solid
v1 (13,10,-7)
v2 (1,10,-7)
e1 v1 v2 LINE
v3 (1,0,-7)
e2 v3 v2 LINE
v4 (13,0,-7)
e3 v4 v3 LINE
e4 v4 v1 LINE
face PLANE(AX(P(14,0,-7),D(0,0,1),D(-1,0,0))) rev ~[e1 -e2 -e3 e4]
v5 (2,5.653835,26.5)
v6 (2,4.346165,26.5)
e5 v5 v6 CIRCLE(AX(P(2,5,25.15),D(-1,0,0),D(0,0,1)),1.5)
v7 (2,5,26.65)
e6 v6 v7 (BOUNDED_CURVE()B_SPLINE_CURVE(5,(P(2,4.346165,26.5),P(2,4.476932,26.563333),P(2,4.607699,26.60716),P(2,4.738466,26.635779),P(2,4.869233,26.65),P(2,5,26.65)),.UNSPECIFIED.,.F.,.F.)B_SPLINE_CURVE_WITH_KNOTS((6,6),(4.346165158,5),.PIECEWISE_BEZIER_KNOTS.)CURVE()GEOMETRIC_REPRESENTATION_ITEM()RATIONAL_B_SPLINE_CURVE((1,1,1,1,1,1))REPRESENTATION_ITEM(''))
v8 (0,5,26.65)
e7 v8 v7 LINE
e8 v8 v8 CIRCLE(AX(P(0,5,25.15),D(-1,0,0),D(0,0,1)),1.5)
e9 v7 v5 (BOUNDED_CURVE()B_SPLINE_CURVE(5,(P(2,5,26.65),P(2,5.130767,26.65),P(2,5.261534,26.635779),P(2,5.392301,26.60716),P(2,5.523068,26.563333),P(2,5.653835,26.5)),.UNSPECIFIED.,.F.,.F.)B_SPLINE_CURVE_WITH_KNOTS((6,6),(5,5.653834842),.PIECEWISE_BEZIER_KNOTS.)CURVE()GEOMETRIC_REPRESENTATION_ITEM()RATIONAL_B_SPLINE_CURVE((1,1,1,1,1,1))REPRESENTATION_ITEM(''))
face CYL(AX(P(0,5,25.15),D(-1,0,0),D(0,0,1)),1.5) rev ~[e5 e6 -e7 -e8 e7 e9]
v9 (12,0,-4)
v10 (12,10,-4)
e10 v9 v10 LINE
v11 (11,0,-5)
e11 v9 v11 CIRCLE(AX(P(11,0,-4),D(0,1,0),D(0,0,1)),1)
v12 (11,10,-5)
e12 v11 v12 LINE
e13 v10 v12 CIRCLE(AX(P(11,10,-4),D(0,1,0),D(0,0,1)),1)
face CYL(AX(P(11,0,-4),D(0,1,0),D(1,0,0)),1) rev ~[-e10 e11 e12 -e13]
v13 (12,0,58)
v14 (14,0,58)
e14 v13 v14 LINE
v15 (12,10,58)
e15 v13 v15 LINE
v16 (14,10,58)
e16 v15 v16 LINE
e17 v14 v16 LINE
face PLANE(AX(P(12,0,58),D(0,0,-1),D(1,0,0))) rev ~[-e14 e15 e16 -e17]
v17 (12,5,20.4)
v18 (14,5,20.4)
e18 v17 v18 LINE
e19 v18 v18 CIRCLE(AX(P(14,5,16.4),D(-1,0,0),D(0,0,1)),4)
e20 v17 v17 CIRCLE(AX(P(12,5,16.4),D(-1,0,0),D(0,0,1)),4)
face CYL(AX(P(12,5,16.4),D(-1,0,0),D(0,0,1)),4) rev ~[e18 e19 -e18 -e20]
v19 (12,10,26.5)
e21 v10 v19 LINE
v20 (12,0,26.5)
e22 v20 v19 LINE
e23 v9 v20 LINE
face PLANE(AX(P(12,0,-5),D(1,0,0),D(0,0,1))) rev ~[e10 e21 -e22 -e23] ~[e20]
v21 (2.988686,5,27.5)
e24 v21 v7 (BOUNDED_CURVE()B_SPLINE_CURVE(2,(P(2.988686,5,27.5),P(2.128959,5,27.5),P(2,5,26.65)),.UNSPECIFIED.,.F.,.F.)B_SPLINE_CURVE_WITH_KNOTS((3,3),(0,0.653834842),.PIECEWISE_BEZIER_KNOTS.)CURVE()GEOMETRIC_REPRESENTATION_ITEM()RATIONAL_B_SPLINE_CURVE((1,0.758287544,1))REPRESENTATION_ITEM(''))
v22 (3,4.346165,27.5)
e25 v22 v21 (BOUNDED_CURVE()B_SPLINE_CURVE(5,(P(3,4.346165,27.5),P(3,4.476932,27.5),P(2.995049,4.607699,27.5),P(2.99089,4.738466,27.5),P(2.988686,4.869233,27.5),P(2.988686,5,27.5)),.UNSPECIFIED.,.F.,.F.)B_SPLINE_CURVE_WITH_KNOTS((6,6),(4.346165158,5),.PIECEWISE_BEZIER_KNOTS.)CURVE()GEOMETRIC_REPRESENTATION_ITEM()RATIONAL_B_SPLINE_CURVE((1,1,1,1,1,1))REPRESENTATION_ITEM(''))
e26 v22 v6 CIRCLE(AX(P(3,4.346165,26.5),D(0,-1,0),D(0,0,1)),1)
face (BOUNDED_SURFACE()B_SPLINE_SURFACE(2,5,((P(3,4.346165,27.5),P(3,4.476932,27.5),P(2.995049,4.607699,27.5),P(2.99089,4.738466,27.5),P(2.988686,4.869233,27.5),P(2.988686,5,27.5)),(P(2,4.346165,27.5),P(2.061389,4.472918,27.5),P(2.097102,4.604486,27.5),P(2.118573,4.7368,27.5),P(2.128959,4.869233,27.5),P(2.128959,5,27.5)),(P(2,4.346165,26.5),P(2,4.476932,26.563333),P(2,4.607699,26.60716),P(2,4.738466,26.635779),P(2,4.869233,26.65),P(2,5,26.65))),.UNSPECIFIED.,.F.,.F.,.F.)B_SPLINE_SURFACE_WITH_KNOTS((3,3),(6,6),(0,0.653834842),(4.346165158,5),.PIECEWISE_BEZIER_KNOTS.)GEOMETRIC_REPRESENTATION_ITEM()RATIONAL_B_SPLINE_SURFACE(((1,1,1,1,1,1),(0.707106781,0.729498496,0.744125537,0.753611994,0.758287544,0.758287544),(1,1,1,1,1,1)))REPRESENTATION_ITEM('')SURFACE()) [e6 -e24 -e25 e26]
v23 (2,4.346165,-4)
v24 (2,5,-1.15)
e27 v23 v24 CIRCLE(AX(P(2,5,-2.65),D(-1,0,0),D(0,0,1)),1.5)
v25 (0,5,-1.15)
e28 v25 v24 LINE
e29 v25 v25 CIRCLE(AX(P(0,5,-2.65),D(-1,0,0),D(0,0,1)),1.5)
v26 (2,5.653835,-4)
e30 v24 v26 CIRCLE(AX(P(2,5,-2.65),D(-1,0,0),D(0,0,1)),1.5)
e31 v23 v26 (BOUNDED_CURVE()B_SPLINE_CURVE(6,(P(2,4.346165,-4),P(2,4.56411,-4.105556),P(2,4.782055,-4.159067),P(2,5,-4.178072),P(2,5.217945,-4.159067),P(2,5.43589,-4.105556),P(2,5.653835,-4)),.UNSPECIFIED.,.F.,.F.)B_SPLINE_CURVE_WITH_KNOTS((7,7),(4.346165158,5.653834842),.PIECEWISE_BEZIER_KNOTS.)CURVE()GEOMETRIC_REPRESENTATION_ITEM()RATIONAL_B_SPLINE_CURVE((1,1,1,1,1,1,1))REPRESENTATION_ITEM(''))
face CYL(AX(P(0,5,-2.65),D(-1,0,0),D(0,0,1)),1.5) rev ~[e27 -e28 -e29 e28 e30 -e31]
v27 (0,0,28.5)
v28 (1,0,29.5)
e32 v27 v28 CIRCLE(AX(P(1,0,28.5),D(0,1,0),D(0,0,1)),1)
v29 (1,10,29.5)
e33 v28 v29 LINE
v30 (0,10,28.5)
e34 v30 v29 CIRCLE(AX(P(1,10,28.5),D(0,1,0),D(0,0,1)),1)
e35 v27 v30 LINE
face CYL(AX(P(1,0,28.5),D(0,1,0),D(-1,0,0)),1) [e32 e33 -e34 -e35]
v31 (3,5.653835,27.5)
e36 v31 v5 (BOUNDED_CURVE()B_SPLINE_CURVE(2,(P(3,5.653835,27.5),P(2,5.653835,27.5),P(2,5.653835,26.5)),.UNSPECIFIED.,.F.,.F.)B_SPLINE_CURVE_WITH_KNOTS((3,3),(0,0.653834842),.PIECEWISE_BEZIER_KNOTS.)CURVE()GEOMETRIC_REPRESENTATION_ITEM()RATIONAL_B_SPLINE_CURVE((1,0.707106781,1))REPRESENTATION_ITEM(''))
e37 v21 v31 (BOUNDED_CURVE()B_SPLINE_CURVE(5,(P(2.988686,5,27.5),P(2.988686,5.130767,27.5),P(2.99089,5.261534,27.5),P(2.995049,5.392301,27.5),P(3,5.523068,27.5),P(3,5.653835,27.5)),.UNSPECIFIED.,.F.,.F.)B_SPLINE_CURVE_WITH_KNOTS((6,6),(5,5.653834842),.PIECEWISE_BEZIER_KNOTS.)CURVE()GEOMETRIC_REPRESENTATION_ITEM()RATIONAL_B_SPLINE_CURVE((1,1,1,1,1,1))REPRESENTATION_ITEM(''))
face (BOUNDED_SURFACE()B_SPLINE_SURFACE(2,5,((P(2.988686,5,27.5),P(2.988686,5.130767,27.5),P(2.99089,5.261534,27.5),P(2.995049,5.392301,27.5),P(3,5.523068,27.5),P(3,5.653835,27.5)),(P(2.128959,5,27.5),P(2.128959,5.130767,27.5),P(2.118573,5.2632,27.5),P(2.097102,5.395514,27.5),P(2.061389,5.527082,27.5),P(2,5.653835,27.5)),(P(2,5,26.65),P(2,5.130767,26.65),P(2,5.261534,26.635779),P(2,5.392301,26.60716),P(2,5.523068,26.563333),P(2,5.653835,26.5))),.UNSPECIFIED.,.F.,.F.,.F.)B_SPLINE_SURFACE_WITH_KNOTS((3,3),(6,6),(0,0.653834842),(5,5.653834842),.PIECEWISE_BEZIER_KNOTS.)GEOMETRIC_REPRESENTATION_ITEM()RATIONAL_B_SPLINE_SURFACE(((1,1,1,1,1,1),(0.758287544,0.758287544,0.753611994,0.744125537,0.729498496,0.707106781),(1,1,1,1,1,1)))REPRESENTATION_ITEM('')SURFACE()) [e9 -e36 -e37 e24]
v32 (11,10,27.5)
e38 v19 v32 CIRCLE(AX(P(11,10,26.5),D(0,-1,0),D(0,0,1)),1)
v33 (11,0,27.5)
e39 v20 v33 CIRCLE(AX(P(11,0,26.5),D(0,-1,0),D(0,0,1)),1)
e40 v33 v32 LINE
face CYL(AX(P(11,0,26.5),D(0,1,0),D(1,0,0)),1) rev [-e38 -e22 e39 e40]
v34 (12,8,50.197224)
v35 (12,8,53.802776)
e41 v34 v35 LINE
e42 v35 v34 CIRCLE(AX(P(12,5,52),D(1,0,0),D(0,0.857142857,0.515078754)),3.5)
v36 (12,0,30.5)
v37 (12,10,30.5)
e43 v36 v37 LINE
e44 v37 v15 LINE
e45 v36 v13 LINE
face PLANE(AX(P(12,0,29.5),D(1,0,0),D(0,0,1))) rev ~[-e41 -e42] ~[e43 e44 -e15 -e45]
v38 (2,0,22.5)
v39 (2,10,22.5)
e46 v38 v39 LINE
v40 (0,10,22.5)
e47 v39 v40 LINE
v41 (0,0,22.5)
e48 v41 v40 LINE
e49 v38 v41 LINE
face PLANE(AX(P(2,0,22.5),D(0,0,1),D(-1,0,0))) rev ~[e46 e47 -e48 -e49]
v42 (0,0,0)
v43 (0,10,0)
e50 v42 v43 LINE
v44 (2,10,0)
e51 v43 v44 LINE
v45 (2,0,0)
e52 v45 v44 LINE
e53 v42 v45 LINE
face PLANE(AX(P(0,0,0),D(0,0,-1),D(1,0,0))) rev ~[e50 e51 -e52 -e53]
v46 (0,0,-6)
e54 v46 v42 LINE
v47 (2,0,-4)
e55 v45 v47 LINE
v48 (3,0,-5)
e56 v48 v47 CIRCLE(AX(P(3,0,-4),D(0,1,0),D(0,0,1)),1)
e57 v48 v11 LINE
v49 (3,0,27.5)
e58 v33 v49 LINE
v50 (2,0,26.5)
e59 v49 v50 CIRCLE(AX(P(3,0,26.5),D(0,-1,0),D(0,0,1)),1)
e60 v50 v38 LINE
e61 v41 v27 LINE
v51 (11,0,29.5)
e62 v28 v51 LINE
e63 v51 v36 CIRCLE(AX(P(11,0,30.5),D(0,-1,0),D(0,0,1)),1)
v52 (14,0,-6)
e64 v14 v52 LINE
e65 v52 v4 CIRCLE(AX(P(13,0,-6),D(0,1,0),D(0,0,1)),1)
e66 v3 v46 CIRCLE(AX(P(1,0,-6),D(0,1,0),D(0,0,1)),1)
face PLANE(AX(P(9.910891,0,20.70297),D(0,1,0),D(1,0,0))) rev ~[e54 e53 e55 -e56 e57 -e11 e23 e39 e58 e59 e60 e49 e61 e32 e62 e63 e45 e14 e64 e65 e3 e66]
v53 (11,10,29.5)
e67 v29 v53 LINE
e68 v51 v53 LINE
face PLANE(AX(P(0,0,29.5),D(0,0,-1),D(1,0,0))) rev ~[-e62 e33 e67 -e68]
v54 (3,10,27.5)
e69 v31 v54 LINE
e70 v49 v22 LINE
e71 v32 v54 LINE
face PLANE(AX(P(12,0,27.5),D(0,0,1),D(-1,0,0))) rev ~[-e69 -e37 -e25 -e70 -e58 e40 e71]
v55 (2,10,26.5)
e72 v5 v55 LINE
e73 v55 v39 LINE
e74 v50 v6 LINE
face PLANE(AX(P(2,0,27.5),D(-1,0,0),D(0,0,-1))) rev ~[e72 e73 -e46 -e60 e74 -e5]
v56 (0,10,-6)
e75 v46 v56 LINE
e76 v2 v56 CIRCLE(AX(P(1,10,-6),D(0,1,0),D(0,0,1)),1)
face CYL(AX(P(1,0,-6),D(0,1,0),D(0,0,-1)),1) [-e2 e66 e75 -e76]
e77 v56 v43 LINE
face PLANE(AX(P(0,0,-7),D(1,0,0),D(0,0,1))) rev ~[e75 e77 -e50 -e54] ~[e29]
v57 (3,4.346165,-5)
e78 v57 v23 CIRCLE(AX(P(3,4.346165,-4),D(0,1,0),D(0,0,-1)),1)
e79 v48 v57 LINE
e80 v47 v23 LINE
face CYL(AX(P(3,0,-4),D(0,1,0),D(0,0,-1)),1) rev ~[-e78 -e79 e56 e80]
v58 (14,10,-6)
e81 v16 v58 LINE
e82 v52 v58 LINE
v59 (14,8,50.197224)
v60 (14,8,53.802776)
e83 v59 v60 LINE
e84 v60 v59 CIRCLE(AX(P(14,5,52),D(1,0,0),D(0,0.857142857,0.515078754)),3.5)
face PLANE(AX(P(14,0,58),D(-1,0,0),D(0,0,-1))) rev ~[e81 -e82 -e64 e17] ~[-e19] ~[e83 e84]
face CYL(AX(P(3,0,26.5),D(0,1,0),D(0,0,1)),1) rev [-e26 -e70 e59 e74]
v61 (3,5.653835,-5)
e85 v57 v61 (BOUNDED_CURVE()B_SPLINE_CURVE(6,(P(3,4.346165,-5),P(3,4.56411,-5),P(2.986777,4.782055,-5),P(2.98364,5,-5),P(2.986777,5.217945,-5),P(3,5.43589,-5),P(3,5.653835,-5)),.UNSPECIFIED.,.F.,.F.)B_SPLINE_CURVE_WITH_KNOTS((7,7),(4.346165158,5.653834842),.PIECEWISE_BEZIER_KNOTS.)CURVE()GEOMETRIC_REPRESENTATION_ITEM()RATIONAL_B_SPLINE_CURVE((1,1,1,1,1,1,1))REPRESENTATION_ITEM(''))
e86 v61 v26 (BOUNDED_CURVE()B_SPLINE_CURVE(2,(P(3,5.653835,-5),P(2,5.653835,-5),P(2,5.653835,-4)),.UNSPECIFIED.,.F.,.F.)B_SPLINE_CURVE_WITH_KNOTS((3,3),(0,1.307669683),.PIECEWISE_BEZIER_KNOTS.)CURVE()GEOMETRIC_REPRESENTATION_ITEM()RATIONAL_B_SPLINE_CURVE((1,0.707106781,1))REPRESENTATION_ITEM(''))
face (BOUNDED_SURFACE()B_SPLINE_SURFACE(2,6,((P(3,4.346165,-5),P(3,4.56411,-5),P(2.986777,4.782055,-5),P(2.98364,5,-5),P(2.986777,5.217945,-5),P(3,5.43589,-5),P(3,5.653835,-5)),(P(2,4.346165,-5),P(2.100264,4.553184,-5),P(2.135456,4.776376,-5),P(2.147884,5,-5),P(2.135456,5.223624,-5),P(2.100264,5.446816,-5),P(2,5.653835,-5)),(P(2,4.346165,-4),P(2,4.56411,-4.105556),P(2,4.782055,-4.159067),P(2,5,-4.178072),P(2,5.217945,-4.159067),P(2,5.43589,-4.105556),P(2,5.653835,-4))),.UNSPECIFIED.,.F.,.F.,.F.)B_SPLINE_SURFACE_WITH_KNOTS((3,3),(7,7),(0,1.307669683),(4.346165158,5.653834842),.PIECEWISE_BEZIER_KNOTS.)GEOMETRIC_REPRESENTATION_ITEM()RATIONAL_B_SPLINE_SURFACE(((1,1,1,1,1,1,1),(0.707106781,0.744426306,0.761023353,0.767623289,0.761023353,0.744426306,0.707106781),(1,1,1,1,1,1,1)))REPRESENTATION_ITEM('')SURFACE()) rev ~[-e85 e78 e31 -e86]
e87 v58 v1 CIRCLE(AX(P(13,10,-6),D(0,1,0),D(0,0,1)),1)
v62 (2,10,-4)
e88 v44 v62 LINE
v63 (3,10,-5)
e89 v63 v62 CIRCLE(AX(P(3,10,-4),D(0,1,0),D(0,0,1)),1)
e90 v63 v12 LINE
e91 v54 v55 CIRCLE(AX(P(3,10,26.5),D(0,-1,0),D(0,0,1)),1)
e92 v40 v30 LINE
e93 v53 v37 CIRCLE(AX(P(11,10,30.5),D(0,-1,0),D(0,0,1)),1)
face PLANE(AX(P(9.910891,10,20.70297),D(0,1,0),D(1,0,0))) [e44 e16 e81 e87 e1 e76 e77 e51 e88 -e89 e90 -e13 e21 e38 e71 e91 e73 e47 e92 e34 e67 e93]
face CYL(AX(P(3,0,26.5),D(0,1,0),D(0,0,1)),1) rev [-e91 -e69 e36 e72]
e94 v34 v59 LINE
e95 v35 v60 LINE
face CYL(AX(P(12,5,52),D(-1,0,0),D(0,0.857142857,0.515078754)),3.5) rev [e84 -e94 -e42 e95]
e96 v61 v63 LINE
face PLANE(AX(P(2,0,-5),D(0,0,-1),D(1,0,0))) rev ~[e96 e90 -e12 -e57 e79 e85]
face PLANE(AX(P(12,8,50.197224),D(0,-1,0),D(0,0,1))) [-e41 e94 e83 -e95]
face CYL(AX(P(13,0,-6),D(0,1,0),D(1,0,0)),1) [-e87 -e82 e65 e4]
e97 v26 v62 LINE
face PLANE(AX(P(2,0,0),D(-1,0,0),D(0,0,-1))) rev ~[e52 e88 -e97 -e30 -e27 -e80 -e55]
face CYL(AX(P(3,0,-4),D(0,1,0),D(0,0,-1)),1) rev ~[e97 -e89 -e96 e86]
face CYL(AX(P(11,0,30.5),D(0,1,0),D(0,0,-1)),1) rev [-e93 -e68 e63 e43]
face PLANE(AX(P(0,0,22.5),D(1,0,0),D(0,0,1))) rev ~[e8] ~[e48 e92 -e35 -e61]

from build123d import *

# Parameters (mm, degrees)
BOSS_EXTRUDE1_DEPTH = 10
SKETCH2_R           = 1.5
CUT_EXTRUDE1_DEPTH  = 2
SKETCH3_R           = 4
CUT_EXTRUDE2_DEPTH  = 2
FILLET1_R           = 1


with BuildPart() as part:
    # Sketch1 → Boss-Extrude1 (new body)
    with BuildSketch(Plane(origin=(0, 0, 0), x_dir=(1, 0, 0), z_dir=(0, 1, 0))):
        Polygon((12, 5), (12, -27.5), (2, -27.5), (2, -22.5), (0, -22.5), (0, -29.5), (12, -29.5), (12, -58), (14, -58), (14, 7), (0, 7), (0, 0), (2, 0), (2, 5), align=None)
    extrude(amount=BOSS_EXTRUDE1_DEPTH)

    # Sketch2 → Cut-Extrude1 (cut)
    with BuildSketch(Plane.ZY):
        with Locations((25.15, 5)):
            Circle(SKETCH2_R)
        with Locations((-2.65, 5)):
            Circle(SKETCH2_R)
    extrude(amount=-CUT_EXTRUDE1_DEPTH, mode=Mode.SUBTRACT)

    # Sketch3 → Cut-Extrude2 (cut)
    with BuildSketch(Plane.ZY.offset(-12)):
        with Locations((16.4, 5)):
            Circle(SKETCH3_R)
        with BuildLine():
            Line((50.197224362, 8), (53.802775638, 8))
            ThreePointArc((53.802775638, 8), (52, 1.5), (50.197224362, 8))
        make_face()
    extrude(amount=-CUT_EXTRUDE2_DEPTH, mode=Mode.SUBTRACT)

    # Fillet1
    fillet1_edges = [part.edges().sort_by_distance(p)[0] for p in [
        (2, 5, 27.5),
        (12, 5, 27.5),
        (12, 5, -5),
        (2, 5, -5),
        (0, 5, -7),
        (14, 5, -7),
        (12, 5, 29.5),
        (0, 5, 29.5),
    ]]
    fillet(fillet1_edges, radius=FILLET1_R)


solid = part.part
